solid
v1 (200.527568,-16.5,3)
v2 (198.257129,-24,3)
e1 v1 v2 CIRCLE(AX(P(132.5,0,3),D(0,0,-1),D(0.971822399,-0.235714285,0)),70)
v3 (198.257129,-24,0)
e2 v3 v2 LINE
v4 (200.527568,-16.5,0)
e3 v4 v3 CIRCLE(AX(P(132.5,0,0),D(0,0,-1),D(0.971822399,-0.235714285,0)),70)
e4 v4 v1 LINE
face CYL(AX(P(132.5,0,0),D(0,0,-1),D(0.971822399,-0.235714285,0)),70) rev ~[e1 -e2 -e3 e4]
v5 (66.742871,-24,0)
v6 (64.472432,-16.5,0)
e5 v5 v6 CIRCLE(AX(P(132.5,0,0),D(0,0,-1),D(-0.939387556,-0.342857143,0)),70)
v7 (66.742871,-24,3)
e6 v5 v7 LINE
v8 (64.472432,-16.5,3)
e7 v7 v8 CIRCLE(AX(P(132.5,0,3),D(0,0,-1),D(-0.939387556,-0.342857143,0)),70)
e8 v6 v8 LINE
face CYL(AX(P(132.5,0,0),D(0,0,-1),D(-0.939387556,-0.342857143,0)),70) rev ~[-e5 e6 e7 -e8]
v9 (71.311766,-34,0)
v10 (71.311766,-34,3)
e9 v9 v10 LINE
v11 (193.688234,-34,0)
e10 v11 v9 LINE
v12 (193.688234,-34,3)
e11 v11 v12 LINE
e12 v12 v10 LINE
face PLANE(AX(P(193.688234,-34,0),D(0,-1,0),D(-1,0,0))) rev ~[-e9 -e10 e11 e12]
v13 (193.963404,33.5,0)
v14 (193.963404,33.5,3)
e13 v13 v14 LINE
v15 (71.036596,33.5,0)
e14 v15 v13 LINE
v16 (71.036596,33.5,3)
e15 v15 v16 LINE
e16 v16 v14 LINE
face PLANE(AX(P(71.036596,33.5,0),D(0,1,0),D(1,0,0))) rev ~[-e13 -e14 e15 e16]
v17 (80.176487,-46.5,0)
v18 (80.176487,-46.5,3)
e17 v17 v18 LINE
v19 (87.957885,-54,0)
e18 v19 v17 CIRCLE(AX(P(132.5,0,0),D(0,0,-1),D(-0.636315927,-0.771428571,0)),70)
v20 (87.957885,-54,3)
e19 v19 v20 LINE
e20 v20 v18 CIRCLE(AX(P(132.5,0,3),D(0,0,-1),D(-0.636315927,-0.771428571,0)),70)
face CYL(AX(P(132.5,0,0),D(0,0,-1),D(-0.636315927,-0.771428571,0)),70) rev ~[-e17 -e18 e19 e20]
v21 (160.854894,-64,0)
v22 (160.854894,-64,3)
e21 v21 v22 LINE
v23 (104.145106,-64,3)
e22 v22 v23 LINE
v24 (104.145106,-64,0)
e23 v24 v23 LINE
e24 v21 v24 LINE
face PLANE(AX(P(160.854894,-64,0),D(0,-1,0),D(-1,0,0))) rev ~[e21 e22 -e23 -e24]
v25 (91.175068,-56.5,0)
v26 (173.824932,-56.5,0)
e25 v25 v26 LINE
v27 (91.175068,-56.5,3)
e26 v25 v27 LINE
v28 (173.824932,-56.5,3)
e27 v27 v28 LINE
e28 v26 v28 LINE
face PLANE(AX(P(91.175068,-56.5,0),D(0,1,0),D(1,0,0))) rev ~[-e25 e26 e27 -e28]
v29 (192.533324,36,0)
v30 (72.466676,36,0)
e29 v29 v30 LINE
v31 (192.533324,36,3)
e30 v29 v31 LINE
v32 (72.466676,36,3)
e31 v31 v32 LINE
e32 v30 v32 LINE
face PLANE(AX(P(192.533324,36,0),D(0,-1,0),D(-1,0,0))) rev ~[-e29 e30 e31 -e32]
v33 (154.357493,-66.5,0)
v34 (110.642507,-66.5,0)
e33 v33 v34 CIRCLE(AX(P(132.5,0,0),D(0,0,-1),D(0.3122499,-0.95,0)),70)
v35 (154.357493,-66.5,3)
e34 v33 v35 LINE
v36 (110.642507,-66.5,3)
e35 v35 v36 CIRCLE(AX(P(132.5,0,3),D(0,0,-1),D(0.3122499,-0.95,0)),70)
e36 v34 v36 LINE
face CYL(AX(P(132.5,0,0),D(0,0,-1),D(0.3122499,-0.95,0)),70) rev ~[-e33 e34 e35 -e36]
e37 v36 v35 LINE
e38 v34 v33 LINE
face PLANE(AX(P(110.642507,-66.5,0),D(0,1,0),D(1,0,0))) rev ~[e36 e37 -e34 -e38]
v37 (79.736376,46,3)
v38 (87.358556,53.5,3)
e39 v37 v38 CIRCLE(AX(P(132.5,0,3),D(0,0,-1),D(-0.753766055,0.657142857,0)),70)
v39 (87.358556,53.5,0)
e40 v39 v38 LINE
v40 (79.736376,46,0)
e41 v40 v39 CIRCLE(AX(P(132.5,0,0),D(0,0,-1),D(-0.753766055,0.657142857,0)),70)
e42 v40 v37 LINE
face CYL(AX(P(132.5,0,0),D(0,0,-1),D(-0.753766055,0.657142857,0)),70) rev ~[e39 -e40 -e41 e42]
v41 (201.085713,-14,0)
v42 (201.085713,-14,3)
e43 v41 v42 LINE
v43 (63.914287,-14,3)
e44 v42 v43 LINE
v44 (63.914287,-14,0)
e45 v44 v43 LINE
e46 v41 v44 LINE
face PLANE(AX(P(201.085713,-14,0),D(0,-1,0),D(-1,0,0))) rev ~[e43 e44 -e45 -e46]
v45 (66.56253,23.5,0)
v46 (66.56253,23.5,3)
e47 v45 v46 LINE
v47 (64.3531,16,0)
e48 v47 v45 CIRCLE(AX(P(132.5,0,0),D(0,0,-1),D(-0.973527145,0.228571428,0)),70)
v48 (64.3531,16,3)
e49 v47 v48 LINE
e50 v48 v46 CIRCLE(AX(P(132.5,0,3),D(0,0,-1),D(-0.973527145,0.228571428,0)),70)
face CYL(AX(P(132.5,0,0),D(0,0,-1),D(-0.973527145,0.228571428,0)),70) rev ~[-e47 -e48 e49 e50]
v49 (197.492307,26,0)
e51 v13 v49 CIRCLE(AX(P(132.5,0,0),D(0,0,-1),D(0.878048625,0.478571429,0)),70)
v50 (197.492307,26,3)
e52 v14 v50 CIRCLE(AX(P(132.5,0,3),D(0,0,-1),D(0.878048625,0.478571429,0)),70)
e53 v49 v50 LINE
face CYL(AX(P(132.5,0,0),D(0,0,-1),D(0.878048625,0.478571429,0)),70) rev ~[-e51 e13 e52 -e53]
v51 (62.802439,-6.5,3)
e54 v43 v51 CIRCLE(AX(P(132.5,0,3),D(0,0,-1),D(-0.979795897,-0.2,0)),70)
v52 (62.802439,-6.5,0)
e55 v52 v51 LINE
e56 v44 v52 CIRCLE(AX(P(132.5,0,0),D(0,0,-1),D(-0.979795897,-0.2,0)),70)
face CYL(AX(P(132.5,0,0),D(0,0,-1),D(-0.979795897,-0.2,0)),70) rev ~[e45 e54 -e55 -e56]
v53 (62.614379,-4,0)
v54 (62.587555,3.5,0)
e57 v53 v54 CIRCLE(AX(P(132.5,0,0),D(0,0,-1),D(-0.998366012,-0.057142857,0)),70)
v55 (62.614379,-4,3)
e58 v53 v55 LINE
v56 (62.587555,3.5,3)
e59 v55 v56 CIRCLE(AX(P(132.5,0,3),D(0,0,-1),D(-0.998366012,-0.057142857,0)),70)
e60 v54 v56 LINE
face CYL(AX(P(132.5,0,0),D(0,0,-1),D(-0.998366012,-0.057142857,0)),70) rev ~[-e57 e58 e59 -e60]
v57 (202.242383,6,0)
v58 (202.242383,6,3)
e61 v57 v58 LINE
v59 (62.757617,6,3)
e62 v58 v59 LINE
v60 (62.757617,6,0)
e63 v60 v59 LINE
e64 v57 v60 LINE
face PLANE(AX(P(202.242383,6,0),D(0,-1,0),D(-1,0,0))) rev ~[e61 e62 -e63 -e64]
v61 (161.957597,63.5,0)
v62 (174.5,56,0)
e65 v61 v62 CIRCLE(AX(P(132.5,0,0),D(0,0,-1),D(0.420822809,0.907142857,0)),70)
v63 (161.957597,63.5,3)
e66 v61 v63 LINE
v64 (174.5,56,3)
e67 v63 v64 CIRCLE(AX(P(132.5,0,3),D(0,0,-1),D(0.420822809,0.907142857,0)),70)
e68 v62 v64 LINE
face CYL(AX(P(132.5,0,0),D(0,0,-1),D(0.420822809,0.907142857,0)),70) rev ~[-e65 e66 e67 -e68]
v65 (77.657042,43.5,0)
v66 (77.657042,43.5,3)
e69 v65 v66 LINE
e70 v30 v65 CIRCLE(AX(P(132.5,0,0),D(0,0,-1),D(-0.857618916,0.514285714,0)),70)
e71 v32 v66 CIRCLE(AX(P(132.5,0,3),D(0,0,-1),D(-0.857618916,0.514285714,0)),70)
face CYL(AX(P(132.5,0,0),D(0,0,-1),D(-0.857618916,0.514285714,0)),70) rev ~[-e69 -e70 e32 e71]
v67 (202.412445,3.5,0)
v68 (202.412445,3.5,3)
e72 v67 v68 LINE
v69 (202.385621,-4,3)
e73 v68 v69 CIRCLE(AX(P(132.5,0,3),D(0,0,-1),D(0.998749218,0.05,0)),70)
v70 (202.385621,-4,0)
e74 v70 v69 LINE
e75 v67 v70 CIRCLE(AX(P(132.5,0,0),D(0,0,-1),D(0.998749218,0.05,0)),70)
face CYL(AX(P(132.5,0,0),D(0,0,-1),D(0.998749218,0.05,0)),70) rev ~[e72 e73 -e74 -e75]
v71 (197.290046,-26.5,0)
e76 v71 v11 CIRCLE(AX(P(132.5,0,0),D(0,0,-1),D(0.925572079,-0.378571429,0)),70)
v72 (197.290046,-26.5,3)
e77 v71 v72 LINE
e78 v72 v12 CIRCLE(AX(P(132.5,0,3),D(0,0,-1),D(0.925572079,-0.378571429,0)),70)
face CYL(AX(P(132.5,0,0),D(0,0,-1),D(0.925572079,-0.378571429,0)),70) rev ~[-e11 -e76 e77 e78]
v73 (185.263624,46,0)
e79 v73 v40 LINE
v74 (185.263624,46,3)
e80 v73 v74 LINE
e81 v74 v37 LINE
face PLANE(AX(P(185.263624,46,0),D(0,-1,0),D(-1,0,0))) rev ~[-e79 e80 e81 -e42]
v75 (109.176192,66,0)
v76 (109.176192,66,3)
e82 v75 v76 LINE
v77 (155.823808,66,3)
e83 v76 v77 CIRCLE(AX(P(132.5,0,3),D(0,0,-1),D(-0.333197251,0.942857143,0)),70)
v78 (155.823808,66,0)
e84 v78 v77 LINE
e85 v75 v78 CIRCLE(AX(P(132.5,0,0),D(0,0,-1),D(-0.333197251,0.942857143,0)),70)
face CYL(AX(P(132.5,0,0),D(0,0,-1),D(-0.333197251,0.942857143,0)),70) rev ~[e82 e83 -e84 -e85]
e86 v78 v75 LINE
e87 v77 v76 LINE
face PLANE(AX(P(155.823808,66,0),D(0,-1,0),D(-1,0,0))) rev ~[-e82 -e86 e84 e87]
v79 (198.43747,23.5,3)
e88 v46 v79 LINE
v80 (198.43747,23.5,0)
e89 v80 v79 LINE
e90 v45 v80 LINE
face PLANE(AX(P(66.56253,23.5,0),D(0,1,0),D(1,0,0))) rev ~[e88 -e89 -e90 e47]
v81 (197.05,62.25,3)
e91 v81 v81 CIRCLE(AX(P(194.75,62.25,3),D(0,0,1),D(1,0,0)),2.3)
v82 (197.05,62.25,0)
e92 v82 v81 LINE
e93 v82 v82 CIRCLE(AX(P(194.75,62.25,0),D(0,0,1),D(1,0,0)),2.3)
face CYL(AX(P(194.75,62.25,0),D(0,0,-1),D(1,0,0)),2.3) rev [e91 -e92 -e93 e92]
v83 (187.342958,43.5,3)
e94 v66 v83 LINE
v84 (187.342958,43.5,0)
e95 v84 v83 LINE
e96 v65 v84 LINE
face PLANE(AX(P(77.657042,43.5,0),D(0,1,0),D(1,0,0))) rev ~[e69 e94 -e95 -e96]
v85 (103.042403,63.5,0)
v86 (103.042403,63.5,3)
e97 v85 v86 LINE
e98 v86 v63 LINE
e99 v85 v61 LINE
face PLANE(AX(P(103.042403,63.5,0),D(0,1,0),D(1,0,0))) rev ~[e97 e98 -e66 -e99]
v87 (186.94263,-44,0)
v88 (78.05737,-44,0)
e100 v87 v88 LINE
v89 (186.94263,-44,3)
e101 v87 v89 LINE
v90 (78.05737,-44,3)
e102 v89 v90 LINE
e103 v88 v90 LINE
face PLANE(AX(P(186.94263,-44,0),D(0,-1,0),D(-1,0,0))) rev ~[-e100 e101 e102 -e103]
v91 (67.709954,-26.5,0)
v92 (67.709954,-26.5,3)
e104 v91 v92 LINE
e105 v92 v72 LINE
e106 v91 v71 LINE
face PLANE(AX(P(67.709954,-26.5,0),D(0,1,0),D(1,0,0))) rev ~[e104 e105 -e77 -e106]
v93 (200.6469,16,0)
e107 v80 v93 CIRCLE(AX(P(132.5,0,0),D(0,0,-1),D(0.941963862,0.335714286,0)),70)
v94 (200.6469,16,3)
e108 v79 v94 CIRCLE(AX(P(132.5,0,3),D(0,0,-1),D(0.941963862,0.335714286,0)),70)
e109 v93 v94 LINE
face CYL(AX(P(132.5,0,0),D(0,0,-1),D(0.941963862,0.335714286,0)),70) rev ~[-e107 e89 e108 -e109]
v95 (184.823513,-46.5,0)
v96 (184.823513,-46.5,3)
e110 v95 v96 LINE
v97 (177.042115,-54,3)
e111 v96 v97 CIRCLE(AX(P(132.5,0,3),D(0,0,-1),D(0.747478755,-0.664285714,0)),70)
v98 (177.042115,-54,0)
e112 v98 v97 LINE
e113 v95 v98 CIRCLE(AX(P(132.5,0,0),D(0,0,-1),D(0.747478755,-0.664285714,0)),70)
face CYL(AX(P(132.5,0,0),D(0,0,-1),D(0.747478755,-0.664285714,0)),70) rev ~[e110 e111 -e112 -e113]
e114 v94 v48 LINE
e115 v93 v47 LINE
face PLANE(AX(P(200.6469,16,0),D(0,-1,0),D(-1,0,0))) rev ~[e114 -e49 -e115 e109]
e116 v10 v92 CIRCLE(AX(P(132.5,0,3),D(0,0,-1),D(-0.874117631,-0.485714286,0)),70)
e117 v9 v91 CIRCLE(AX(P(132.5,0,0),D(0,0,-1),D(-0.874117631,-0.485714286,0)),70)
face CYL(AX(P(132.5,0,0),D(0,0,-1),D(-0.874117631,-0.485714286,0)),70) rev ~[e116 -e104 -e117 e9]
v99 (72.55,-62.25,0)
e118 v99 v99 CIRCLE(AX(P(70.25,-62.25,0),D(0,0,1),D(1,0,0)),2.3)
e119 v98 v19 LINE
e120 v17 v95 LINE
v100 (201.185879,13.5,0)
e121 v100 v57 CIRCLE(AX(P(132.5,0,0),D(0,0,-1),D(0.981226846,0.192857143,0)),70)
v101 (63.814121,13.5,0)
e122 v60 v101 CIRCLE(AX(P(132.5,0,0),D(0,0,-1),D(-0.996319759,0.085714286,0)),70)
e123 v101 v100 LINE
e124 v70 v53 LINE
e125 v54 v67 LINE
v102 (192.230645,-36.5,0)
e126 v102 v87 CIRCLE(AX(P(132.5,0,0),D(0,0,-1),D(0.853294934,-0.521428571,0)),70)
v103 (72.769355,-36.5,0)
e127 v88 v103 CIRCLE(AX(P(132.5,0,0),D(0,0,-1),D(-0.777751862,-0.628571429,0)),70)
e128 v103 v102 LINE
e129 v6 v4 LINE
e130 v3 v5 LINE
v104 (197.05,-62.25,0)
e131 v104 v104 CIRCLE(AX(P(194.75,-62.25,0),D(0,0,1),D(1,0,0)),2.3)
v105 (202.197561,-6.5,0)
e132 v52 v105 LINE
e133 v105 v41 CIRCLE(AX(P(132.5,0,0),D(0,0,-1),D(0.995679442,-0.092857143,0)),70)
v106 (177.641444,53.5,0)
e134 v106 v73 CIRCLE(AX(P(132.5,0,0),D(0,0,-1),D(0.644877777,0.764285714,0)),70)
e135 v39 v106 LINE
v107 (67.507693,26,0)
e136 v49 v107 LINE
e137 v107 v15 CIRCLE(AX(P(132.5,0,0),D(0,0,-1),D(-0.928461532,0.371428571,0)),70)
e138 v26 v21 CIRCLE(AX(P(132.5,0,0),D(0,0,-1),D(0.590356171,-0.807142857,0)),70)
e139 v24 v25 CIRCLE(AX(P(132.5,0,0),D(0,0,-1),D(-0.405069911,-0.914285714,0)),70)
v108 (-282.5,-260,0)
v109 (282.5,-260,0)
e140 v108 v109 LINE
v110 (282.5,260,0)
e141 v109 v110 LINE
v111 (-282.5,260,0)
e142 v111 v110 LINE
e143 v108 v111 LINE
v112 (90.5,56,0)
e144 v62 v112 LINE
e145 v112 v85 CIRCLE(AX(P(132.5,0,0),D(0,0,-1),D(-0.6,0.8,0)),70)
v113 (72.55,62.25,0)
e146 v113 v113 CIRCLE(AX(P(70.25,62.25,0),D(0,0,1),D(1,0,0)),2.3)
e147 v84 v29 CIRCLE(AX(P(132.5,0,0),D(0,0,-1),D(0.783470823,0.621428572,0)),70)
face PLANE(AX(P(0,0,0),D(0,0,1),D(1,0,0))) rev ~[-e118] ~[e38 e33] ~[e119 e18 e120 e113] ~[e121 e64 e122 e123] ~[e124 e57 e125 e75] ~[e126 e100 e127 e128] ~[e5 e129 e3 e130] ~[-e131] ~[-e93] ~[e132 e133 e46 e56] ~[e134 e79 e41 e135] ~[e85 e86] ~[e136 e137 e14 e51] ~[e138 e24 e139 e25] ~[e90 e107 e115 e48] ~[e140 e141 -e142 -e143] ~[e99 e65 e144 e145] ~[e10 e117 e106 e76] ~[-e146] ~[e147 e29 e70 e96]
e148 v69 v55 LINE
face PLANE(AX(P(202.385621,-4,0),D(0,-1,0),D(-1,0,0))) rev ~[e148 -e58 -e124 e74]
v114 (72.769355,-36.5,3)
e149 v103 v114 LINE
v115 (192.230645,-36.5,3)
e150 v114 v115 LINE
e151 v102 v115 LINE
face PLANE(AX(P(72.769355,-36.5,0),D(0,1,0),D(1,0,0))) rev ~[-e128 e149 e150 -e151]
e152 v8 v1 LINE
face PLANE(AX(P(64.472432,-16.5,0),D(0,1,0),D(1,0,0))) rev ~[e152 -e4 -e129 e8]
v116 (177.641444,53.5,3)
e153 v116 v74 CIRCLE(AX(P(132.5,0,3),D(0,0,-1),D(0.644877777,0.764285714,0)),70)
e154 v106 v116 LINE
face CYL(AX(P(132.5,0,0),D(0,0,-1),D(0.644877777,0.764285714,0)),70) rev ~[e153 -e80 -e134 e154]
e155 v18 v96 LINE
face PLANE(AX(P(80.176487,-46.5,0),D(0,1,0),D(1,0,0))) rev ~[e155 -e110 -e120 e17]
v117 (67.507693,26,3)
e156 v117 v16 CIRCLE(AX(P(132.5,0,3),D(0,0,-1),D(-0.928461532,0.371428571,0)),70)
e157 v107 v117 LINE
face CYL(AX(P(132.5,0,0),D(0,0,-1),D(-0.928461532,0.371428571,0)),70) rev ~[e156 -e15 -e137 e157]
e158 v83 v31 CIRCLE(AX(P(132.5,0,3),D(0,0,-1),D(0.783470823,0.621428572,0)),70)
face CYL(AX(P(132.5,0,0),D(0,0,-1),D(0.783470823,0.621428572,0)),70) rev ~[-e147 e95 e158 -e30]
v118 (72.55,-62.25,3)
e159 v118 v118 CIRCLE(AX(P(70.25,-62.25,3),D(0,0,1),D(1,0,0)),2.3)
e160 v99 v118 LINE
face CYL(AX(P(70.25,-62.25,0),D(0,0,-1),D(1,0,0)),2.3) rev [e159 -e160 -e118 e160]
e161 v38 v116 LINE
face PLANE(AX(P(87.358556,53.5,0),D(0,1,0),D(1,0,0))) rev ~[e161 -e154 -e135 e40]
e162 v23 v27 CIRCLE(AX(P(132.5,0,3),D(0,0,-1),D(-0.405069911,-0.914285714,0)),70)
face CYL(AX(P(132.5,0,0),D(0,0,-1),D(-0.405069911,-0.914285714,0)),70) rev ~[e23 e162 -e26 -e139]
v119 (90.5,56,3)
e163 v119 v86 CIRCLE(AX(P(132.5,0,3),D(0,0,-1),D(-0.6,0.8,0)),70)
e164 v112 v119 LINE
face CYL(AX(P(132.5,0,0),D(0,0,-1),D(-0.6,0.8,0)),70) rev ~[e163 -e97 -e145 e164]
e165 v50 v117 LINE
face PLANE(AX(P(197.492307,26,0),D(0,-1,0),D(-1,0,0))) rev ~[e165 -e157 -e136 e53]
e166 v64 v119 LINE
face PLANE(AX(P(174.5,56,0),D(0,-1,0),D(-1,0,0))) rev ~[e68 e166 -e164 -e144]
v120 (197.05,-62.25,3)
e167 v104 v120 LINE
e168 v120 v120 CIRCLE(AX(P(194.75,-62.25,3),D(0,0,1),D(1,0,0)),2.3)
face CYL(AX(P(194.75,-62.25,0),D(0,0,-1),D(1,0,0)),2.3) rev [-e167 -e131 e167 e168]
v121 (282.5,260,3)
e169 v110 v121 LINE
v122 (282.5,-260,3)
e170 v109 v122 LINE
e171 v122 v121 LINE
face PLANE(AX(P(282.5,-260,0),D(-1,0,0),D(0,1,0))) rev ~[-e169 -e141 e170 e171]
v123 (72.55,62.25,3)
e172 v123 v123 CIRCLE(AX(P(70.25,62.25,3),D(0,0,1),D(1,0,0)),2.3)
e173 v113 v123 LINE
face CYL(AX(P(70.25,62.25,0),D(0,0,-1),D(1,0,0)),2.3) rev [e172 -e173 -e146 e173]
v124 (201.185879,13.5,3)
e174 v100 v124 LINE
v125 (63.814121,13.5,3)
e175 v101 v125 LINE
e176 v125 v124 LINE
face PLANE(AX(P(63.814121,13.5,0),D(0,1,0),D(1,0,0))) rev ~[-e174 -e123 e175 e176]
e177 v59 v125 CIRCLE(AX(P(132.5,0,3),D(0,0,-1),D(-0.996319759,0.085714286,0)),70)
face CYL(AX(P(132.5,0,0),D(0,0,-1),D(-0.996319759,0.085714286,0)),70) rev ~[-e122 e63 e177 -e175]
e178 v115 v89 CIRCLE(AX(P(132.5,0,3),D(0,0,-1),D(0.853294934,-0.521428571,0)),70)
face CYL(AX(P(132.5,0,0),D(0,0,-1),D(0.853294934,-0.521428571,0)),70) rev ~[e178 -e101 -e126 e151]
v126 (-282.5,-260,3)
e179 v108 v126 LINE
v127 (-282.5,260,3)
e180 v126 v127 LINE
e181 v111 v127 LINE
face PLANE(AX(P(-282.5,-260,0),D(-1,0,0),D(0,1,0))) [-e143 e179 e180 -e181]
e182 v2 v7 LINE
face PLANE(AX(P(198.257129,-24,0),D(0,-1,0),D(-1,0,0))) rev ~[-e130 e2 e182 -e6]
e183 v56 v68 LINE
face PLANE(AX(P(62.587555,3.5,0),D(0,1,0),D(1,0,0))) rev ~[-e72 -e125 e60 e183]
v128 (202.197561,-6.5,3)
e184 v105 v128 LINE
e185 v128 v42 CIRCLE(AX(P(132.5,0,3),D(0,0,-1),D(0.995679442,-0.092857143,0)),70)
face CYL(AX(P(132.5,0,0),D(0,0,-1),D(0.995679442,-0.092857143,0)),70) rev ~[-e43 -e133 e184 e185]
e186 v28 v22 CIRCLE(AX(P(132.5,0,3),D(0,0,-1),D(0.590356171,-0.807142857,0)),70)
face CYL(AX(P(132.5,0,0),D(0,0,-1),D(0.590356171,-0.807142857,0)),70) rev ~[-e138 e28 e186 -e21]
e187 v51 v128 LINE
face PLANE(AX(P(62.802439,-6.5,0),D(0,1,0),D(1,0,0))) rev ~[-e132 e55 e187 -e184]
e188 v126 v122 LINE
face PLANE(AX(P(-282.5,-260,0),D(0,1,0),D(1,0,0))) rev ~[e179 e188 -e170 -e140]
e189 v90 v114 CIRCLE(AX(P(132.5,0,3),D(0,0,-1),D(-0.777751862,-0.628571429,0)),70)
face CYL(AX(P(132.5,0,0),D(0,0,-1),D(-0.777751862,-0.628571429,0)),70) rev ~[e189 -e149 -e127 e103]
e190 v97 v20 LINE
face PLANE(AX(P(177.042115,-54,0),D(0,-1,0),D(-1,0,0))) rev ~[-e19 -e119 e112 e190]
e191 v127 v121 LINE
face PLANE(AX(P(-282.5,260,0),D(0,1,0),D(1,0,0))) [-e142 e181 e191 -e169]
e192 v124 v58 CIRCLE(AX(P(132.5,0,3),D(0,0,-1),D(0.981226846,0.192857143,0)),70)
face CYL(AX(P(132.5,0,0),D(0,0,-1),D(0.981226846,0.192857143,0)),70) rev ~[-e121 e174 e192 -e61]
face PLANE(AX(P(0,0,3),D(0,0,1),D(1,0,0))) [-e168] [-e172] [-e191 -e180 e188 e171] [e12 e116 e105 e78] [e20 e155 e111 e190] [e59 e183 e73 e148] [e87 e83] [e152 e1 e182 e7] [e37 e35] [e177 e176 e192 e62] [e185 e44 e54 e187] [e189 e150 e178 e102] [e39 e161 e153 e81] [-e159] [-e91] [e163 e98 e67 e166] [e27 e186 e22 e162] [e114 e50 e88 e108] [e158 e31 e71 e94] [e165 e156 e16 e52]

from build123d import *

# Parameters (mm, degrees)
SKICA1_W                = 565
SKICA1_H                = 520
SKICA1_R                = 2.3
P_IDAT_VYSUNUT_M1_DEPTH = 3


with BuildPart() as part:
    # Skica1 → Přidat vysunutím1 (new body)
    with BuildSketch(Plane.XY):
        Rectangle(SKICA1_W, SKICA1_H)
        with BuildLine():
            Line((177.042114903, -54), (87.957885097, -54))
            ThreePointArc((87.957885097, -54), (83.922227703, -50.400397207), (80.176487121, -46.5))
            Line((80.176487121, -46.5), (184.823512879, -46.5))
            ThreePointArc((184.823512879, -46.5), (181.077772297, -50.400397207), (177.042114903, -54))
        make_face(mode=Mode.SUBTRACT)
        with BuildLine():
            Line((91.175068058, -56.5), (173.824931942, -56.5))
            ThreePointArc((173.824931942, -56.5), (167.541147632, -60.598003042), (160.854893758, -64))
            Line((160.854893758, -64), (104.145106242, -64))
            ThreePointArc((104.145106242, -64), (97.458852368, -60.598003042), (91.175068058, -56.5))
        make_face(mode=Mode.SUBTRACT)
        with BuildLine():
            ThreePointArc((192.230645401, -36.5), (189.709673345, -40.336748453), (186.942630355, -44))
            Line((186.942630355, -44), (78.057369645, -44))
            ThreePointArc((78.057369645, -44), (75.290326655, -40.336748453), (72.769354599, -36.5))
            Line((72.769354599, -36.5), (192.230645401, -36.5))
        make_face(mode=Mode.SUBTRACT)
        with BuildLine():
            ThreePointArc((197.290045532, -26.5), (195.600667498, -30.303560208), (193.688234163, -34))
            Line((193.688234163, -34), (71.311765837, -34))
            ThreePointArc((71.311765837, -34), (69.399332502, -30.303560208), (67.709954468, -26.5))
            Line((67.709954468, -26.5), (197.290045532, -26.5))
        make_face(mode=Mode.SUBTRACT)
        with BuildLine():
            ThreePointArc((200.527567941, -16.5), (199.497378879, -20.281795369), (198.257128891, -24))
            Line((198.257128891, -24), (66.742871109, -24))
            ThreePointArc((66.742871109, -24), (65.502621121, -20.281795369), (64.472432059, -16.5))
            Line((64.472432059, -16.5), (200.527567941, -16.5))
        make_face(mode=Mode.SUBTRACT)
        with BuildLine():
            ThreePointArc((202.197560933, -6.5), (201.743255617, -10.265064616), (201.085712798, -14))
            Line((201.085712798, -14), (63.914287202, -14))
            ThreePointArc((63.914287202, -14), (63.256744383, -10.265064616), (62.802439067, -6.5))
            Line((62.802439067, -6.5), (202.197560933, -6.5))
        make_face(mode=Mode.SUBTRACT)
        with BuildLine():
            Line((202.385620839, -4), (62.614379161, -4))
            ThreePointArc((62.614379161, -4), (62.500447715, -0.250359516), (62.587554756, 3.5))
            Line((62.587554756, 3.5), (202.412445244, 3.5))
            ThreePointArc((202.412445244, 3.5), (202.499552285, -0.250359516), (202.385620839, -4))
        make_face(mode=Mode.SUBTRACT)
        with BuildLine():
            ThreePointArc((201.185879189, 13.5), (201.815643616, 9.764299777), (202.242383097, 6))
            Line((202.242383097, 6), (62.757616903, 6))
            ThreePointArc((62.757616903, 6), (63.184356384, 9.764299777), (63.814120811, 13.5))
            Line((63.814120811, 13.5), (201.185879189, 13.5))
        make_face(mode=Mode.SUBTRACT)
        with BuildLine():
            ThreePointArc((198.437470379, 23.5), (199.646981355, 19.780871947), (200.64690015, 16))
            Line((200.64690015, 16), (64.35309985, 16))
            ThreePointArc((64.35309985, 16), (65.353018645, 19.780871947), (66.562529621, 23.5))
            Line((66.562529621, 23.5), (198.437470379, 23.5))
        make_face(mode=Mode.SUBTRACT)
        with BuildLine():
            ThreePointArc((193.963403746, 33.5), (195.838962812, 29.802278268), (197.492307237, 26))
            Line((197.492307237, 26), (67.507692763, 26))
            ThreePointArc((67.507692763, 26), (69.161037188, 29.802278268), (71.036596254, 33.5))
            Line((71.036596254, 33.5), (193.963403746, 33.5))
        make_face(mode=Mode.SUBTRACT)
        with BuildLine():
            ThreePointArc((187.342957615, 43.5), (190.060424981, 39.834626596), (192.533324079, 36))
            Line((192.533324079, 36), (72.466675921, 36))
            ThreePointArc((72.466675921, 36), (74.939575019, 39.834626596), (77.657042385, 43.5))
            Line((77.657042385, 43.5), (187.342957615, 43.5))
        make_face(mode=Mode.SUBTRACT)
        with BuildLine():
            ThreePointArc((177.641444372, 53.5), (181.595958032, 49.89576039), (185.263623833, 46))
            Line((185.263623833, 46), (79.736376167, 46))
            ThreePointArc((79.736376167, 46), (83.404041968, 49.89576039), (87.358555628, 53.5))
            Line((87.358555628, 53.5), (177.641444372, 53.5))
        make_face(mode=Mode.SUBTRACT)
        with BuildLine():
            ThreePointArc((161.957596643, 63.5), (168.425054342, 60.078202957), (174.5, 56))
            Line((174.5, 56), (90.5, 56))
            ThreePointArc((90.5, 56), (96.574945658, 60.078202957), (103.042403357, 63.5))
            Line((103.042403357, 63.5), (161.957596643, 63.5))
        make_face(mode=Mode.SUBTRACT)
        with Locations((194.75, 62.25)):
            Circle(SKICA1_R, mode=Mode.SUBTRACT)
        with BuildLine():
            ThreePointArc((109.176192421, 66), (132.5, 70), (155.823807579, 66))
            Line((155.823807579, 66), (109.176192421, 66))
        make_face(mode=Mode.SUBTRACT)
        with Locations((70.25, 62.25)):
            Circle(SKICA1_R, mode=Mode.SUBTRACT)
        with Locations((194.75, -62.25)):
            Circle(SKICA1_R, mode=Mode.SUBTRACT)
        with Locations((70.25, -62.25)):
            Circle(SKICA1_R, mode=Mode.SUBTRACT)
        with BuildLine():
            ThreePointArc((154.357492994, -66.5), (132.5, -70), (110.642507006, -66.5))
            Line((110.642507006, -66.5), (154.357492994, -66.5))
        make_face(mode=Mode.SUBTRACT)
    extrude(amount=P_IDAT_VYSUNUT_M1_DEPTH)


solid = part.part
